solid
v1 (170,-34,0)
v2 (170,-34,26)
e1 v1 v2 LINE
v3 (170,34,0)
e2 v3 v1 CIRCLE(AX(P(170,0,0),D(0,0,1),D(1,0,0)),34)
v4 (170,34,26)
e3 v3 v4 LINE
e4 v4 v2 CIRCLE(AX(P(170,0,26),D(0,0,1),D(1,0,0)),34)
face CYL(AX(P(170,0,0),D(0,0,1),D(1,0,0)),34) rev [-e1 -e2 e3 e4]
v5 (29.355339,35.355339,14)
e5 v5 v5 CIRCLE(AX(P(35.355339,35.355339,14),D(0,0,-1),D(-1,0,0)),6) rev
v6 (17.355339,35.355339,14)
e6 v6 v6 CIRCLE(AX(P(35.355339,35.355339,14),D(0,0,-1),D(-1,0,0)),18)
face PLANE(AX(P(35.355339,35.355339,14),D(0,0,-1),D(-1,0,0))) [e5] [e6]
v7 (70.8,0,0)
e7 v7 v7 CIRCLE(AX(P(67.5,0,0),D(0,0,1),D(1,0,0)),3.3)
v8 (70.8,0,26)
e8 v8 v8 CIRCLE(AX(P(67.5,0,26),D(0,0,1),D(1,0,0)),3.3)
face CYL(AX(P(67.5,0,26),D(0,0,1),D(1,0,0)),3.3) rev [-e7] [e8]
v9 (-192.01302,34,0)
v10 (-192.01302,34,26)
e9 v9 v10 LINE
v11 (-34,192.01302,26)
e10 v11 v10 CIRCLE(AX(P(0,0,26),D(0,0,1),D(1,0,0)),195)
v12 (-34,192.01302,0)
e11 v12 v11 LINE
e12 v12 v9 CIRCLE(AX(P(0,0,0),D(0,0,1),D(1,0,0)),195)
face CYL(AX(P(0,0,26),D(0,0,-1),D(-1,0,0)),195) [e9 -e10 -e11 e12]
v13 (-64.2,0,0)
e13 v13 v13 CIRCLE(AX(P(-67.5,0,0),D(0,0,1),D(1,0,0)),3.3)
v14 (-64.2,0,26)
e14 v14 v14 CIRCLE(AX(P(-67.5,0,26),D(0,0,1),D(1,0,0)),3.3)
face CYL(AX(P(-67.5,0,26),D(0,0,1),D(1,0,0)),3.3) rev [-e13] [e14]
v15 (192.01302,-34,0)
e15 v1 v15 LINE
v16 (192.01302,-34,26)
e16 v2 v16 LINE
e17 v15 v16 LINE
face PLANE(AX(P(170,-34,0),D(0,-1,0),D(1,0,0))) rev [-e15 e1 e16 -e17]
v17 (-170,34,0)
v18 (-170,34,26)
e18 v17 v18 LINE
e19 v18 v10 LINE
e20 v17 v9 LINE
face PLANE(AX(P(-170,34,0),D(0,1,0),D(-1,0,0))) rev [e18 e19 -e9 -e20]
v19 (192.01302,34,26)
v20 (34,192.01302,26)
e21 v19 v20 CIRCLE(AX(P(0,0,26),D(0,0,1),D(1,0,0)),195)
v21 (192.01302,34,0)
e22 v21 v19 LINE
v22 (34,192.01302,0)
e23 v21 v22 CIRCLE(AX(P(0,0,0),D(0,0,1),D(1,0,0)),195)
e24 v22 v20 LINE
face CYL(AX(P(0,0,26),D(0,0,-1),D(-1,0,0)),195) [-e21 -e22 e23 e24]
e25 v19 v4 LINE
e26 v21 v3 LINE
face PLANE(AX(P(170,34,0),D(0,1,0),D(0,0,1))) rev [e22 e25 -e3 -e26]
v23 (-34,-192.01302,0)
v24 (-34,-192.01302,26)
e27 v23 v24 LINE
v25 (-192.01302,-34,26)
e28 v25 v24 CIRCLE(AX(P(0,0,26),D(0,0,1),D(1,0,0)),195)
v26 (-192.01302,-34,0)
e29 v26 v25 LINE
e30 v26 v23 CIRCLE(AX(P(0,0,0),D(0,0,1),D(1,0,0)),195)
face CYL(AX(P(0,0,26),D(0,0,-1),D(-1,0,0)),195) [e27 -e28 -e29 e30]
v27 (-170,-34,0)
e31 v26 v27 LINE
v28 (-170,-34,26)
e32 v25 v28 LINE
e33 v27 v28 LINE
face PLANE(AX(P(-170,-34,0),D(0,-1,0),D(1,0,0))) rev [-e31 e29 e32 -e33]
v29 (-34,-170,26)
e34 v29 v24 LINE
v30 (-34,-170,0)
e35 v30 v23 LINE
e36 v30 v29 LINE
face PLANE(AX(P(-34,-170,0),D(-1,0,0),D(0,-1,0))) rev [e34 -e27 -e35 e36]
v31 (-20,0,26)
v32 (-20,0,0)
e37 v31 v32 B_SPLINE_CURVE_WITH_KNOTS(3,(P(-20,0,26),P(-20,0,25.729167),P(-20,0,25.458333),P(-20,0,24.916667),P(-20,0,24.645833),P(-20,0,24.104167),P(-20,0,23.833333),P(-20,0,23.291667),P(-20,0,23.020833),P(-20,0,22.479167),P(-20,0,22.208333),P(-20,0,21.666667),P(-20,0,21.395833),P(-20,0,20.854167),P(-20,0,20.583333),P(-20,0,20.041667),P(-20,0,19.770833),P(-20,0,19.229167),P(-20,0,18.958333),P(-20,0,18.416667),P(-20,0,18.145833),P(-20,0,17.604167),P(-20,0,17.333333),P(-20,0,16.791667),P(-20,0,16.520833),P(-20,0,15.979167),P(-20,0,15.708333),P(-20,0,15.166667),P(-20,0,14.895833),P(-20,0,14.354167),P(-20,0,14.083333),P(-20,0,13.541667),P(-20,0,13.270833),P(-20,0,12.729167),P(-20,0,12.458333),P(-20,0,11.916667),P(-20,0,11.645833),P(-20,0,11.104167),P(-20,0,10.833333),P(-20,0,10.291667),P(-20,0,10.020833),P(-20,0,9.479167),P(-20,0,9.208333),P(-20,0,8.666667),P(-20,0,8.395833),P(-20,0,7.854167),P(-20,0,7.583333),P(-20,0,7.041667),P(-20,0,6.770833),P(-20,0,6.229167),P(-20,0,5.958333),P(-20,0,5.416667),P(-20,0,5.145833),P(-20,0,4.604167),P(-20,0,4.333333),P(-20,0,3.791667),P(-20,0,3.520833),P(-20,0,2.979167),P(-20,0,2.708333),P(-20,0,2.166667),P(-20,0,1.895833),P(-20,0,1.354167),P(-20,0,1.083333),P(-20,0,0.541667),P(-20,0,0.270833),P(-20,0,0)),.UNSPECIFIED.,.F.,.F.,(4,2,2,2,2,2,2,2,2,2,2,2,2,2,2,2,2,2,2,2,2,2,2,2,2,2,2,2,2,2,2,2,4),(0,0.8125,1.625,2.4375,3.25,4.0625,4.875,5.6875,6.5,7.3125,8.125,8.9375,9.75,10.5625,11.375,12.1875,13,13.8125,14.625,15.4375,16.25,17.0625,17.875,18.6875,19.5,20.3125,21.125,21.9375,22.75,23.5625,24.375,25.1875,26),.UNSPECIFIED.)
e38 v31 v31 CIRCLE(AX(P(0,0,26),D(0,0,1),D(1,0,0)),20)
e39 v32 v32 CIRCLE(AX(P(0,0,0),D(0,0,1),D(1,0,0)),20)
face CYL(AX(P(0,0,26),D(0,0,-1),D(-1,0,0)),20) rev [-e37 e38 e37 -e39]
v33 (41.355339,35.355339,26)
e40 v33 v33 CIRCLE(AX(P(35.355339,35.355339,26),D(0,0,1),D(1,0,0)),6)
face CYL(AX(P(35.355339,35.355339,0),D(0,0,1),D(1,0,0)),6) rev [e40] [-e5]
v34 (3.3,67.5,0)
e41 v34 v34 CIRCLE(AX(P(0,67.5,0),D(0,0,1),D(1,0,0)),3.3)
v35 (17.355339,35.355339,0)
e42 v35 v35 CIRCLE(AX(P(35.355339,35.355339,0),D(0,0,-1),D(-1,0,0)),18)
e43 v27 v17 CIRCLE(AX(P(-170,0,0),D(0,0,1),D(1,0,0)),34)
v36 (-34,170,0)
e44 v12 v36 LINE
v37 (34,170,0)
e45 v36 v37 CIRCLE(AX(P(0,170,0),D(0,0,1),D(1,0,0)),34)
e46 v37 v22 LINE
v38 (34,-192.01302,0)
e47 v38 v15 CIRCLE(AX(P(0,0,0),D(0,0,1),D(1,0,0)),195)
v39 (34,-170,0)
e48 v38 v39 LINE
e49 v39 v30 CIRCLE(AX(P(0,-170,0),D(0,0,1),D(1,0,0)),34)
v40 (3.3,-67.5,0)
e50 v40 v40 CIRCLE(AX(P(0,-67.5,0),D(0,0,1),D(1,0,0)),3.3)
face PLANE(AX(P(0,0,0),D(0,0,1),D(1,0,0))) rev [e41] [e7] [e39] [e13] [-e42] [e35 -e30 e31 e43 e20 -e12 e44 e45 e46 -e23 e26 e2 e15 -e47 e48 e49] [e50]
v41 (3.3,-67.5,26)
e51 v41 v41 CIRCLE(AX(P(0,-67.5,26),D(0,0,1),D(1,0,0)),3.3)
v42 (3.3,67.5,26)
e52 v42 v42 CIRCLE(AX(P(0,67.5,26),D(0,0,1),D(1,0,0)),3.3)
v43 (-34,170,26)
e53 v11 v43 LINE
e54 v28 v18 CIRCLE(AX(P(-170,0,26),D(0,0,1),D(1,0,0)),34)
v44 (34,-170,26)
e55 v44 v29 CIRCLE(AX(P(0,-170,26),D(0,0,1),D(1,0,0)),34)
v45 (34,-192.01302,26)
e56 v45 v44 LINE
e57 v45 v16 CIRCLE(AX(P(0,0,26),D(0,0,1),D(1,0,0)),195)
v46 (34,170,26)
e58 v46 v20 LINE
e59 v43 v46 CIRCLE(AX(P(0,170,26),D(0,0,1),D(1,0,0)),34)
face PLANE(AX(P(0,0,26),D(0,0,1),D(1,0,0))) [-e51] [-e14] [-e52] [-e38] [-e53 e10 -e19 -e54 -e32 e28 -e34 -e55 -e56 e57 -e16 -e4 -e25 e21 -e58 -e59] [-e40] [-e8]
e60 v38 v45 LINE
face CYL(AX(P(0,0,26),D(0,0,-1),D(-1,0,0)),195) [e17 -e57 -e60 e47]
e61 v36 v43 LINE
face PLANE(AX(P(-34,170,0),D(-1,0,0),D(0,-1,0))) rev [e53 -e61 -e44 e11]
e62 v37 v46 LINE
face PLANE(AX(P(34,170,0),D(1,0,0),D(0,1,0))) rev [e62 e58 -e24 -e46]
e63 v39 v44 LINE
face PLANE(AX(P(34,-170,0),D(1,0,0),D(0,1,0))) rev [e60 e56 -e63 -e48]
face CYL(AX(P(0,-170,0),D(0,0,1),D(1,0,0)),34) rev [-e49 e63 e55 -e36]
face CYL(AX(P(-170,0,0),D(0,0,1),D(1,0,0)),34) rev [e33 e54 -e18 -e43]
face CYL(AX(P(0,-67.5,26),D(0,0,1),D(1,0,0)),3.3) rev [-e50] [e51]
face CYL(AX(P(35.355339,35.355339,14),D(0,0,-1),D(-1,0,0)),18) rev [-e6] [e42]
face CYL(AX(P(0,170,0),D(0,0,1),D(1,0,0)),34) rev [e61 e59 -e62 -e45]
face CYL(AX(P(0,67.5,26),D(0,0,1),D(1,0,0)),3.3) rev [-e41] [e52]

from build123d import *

# Parameters (mm, degrees)
ESQUISSE1_R             = 195
ESQUISSE1_R_2           = 20
BASE_EXTRUSION_DEPTH    = 26
ENL_V_MAT_EXTRU_1_DEPTH = 277.994584785
PER_AGE1_D              = 6.6
ESQUISSE5_R             = 6
ENL_V_MAT_EXTRU_2_DEPTH = 273.789295978
ESQUISSE6_R             = 18
ENL_V_MAT_EXTRU_3_DEPTH = 14


with BuildPart() as part:
    # Esquisse1 → Base-Extrusion (new body)
    with BuildSketch(Plane.XY):
        Circle(ESQUISSE1_R)
        with Locations(Location((0, 0, 0), (0, 0, 180))):
            Circle(ESQUISSE1_R_2, mode=Mode.SUBTRACT)
    extrude(amount=BASE_EXTRUSION_DEPTH)

    # Esquisse2 → Enlèv. mat.-Extru.1 (cut, through all)
    with BuildSketch(Plane.XY.offset(26)):
        with BuildLine():
            Line((170, 34), (192.013020392, 34))
            ThreePointArc((192.013020392, 34), (195, 0), (192.013020392, -34))
            Line((192.013020392, -34), (170, -34))
            ThreePointArc((170, -34), (136, 0), (170, 34))
        make_face()
        with BuildLine():
            Line((34, -170), (34, -192.013020392))
            ThreePointArc((34, -192.013020392), (0, -195), (-34, -192.013020392))
            Line((-34, -192.013020392), (-34, -170))
            ThreePointArc((-34, -170), (0, -136), (34, -170))
        make_face()
        with BuildLine():
            Line((-170, -34), (-192.013020392, -34))
            ThreePointArc((-192.013020392, -34), (-195, 0), (-192.013020392, 34))
            Line((-192.013020392, 34), (-170, 34))
            ThreePointArc((-170, 34), (-136, 0), (-170, -34))
        make_face()
        with BuildLine():
            Line((-34, 170), (-34, 192.013020392))
            ThreePointArc((-34, 192.013020392), (0, 195), (34, 192.013020392))
            Line((34, 192.013020392), (34, 170))
            ThreePointArc((34, 170), (0, 136), (-34, 170))
        make_face()
    extrude(amount=-ENL_V_MAT_EXTRU_1_DEPTH, mode=Mode.SUBTRACT)

    # Perçage1 (through all)
    with Locations(Plane.XY.offset(26)):
        with Locations((0, 67.5), (67.5, 0), (0, -67.5), (-67.5, 0)):
            Hole(PER_AGE1_D / 2)

    # Esquisse5 → Enlèv. mat.-Extru.2 (cut, through all)
    with BuildSketch(Plane.XY.offset(26)):
        with Locations((35.355339059, 35.355339059)):
            Circle(ESQUISSE5_R)
    extrude(amount=-ENL_V_MAT_EXTRU_2_DEPTH, mode=Mode.SUBTRACT)

    # Esquisse6 → Enlèv. mat.-Extru.3 (cut)
    with BuildSketch(Plane(origin=(0, 0, 0), x_dir=(-1, 0, 0), z_dir=(0, 0, -1))):
        with Locations((-35.355339059, 35.355339059)):
            Circle(ESQUISSE6_R)
    extrude(amount=-ENL_V_MAT_EXTRU_3_DEPTH, mode=Mode.SUBTRACT)


solid = part.part
